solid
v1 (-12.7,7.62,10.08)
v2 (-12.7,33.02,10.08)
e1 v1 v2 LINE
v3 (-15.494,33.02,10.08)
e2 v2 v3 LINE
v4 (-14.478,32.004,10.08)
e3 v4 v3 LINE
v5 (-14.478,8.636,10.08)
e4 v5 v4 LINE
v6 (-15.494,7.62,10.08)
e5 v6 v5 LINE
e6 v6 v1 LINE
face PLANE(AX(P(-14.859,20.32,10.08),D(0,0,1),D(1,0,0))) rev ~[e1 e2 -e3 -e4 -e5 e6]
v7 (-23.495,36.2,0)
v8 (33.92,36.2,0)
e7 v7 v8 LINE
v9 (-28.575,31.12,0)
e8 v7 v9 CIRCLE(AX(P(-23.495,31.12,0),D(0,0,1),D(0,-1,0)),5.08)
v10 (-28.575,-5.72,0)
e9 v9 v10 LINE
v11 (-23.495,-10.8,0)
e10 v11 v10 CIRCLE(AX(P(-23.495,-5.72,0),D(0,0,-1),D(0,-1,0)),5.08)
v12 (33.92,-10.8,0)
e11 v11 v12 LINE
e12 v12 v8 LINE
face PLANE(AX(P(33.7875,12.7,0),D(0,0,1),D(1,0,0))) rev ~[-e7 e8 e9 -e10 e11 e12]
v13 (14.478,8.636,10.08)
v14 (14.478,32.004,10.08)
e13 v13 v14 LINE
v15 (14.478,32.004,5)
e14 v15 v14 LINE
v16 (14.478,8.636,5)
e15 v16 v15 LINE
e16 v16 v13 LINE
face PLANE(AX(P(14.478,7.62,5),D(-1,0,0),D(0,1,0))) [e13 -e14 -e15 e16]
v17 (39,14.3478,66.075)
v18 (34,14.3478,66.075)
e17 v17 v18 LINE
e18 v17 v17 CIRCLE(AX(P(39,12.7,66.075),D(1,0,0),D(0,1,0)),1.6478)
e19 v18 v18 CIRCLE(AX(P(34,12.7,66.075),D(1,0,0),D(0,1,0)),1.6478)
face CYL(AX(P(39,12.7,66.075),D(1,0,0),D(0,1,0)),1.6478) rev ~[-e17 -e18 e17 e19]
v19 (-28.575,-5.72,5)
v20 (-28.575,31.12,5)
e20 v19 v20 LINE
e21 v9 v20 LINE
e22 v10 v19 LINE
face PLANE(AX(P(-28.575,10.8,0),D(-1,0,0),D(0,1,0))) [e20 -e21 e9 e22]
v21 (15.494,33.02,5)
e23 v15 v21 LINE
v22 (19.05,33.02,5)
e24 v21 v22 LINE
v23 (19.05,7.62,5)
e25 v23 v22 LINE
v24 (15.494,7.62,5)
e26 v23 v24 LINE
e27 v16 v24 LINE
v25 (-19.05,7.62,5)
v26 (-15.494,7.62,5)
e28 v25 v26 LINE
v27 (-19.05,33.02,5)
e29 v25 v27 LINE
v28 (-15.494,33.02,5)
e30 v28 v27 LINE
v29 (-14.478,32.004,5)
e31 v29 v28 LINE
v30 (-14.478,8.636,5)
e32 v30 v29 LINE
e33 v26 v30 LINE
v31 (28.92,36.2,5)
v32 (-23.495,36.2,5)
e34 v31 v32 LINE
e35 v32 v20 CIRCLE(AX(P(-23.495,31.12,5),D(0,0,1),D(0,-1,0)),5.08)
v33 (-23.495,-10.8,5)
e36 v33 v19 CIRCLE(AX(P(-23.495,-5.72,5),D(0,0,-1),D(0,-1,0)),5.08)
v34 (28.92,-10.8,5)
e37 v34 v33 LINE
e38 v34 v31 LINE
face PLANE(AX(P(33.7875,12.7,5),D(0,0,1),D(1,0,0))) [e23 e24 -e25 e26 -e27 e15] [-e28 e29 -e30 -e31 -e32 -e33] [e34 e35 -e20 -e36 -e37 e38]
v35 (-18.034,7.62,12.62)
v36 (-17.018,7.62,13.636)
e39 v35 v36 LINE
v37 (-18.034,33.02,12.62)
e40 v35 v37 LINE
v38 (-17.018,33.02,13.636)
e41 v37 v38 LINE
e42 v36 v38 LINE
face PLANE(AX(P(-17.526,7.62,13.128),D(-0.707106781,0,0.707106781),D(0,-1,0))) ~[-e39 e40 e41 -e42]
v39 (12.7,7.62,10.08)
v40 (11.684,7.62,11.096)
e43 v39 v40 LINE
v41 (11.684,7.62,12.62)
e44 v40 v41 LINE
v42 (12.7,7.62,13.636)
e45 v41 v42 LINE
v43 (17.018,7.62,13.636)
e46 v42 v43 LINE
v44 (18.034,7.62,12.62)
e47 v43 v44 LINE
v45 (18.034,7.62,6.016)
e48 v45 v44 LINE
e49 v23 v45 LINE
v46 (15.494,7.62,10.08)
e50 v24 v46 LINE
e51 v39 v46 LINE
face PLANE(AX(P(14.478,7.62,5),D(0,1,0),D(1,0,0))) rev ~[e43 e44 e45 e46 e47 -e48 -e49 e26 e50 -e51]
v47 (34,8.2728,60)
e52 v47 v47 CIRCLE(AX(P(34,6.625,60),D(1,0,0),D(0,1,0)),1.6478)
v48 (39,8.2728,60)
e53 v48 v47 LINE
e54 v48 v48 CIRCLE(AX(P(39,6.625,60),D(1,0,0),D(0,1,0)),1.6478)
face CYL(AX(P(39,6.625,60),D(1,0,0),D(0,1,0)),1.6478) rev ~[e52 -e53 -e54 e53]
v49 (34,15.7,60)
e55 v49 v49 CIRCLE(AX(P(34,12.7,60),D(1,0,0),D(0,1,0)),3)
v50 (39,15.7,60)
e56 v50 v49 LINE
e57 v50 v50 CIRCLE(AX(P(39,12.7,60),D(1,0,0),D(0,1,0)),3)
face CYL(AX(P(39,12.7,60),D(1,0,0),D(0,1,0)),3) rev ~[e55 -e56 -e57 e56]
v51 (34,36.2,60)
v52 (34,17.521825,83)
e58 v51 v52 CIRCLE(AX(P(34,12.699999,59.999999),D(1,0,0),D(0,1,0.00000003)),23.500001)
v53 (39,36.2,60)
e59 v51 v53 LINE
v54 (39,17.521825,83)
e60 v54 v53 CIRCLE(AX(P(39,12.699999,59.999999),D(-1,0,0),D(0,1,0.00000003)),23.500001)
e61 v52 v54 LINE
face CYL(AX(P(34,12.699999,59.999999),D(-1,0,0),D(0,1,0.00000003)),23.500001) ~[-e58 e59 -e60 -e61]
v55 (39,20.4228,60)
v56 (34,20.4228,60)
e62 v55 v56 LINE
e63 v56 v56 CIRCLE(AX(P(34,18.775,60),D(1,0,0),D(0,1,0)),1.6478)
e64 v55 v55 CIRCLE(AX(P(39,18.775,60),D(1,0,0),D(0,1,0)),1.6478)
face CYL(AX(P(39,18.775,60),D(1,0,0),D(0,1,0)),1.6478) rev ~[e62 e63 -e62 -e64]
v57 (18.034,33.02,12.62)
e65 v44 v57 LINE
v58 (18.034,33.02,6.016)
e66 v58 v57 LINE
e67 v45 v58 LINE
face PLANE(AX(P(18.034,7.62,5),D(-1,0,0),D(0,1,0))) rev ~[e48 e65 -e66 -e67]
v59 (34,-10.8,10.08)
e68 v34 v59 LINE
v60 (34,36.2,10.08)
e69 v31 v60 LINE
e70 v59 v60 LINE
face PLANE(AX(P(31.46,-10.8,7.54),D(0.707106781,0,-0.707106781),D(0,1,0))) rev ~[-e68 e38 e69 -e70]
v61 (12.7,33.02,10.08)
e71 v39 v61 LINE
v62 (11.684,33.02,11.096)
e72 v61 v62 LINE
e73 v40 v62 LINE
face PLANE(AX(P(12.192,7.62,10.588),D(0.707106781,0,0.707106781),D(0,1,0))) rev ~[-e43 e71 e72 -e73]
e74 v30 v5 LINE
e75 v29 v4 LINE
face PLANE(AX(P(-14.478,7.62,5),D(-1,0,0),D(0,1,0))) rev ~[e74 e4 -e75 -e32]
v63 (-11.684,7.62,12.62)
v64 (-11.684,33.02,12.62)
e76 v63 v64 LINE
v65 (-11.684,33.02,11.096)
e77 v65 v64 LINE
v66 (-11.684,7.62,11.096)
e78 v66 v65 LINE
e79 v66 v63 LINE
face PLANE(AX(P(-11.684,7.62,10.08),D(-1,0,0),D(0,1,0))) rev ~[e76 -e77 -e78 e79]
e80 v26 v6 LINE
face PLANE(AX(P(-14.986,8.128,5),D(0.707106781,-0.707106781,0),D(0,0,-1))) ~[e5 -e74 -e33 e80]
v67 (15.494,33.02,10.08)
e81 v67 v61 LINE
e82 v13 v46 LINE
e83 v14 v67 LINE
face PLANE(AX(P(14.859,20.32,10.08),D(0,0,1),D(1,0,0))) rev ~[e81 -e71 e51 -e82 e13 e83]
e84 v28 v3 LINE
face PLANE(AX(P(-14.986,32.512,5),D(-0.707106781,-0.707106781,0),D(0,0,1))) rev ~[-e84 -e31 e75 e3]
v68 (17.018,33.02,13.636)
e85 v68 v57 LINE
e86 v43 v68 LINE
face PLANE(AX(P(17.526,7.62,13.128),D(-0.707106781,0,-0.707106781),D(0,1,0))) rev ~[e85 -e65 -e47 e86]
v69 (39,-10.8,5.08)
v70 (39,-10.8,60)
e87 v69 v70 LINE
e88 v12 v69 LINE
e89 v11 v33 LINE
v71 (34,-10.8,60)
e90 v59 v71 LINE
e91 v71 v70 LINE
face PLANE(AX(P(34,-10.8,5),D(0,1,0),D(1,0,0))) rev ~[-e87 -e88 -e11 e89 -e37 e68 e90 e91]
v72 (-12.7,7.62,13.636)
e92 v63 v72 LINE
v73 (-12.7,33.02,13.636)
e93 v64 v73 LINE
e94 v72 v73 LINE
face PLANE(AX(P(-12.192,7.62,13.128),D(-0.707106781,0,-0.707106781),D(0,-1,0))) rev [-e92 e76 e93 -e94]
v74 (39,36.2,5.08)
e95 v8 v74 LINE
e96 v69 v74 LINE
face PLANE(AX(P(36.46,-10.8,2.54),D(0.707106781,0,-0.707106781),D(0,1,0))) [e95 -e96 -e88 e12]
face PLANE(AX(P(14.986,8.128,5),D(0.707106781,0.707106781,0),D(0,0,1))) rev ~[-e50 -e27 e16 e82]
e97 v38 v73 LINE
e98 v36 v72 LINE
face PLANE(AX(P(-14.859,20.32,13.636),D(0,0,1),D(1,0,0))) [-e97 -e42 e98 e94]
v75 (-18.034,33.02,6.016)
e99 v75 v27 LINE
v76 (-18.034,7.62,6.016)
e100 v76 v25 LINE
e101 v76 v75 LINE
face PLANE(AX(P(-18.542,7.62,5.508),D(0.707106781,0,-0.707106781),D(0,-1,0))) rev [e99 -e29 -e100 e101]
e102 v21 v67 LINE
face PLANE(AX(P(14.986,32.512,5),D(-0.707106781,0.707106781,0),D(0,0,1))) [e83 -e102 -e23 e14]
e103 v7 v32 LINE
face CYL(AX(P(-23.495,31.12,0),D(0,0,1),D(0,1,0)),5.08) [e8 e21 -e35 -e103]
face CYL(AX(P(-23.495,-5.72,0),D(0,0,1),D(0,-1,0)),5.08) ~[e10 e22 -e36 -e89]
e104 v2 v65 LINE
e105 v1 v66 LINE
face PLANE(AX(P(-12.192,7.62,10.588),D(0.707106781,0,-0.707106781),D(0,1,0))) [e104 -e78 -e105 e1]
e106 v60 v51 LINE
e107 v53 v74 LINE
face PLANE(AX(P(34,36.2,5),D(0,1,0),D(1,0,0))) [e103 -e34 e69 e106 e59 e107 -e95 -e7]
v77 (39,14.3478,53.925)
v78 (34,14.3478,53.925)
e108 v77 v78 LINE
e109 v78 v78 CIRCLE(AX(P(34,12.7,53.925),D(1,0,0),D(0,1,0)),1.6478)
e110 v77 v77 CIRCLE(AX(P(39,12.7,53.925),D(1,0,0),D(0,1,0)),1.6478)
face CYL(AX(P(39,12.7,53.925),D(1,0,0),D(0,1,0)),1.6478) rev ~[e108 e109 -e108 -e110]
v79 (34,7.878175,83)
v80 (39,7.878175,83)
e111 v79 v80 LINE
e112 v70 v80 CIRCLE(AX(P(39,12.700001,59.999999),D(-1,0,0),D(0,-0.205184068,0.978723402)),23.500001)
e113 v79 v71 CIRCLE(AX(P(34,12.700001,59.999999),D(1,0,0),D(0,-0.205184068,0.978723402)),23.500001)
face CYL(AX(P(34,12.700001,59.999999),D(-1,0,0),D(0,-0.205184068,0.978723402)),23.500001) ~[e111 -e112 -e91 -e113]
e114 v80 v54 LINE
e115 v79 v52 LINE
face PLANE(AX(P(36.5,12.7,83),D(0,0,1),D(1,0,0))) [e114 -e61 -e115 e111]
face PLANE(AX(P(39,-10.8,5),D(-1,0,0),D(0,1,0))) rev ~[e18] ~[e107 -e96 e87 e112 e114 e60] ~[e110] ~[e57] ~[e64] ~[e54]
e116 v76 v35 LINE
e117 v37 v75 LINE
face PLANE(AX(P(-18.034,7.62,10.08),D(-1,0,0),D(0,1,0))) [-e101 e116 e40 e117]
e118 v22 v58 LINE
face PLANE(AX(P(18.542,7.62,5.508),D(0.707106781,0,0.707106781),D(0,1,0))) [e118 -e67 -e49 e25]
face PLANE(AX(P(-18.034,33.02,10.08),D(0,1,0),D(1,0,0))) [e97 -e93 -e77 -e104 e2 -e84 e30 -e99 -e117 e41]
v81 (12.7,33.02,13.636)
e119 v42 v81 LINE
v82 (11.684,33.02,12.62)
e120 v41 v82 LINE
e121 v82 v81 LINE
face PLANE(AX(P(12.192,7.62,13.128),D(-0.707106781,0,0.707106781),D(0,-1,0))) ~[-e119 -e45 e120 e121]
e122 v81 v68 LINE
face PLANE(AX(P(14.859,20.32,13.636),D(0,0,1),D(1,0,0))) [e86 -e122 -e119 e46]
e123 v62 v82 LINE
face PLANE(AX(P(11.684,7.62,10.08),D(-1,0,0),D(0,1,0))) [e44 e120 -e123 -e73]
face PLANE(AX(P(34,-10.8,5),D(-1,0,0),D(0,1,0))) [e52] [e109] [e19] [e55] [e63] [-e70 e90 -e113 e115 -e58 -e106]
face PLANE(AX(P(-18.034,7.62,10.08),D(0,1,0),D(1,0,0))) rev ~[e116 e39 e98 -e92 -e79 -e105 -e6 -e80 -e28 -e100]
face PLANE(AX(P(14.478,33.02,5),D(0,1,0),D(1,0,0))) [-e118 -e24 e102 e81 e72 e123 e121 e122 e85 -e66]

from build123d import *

# Parameters (mm, degrees)
F0_W      = 57.15
F0_H      = 21.6
F1_DEPTH  = 5
F2_W      = 57.15
F2_H      = 25.4
F3_DEPTH  = 5
F4_W      = 3.556
F4_H      = 25.4
F5_DEPTH  = 5.08
F6_W      = 6.35
F6_H      = 25.4
F7_DEPTH  = 3.556
F8_SIZE   = 1.016
F9_W      = 10.425
F9_H      = 47
F10_DEPTH = 5
F11_W     = 5
F11_H     = 47
F12_DEPTH = 78
F13_R     = 1.6478
F13_R_2   = 3
F14_DEPTH = 25.4
F16_DEPTH = 25.4
F17_R     = 5.08
F18_SIZE  = 5.08


with BuildPart() as f1:
    # F0 (on Top) → F1 (new body)
    with BuildSketch(Plane.XY):
        Rectangle(F0_W, F0_H)
    extrude(amount=F1_DEPTH)

    # F2 (on Top) → F3 (join)
    with BuildSketch(Plane.XY):
        with Locations((0, 23.5)):
            Rectangle(F2_W, F2_H)
    extrude(amount=F3_DEPTH)

    # F4 (on face) → F5 (join)
    with BuildSketch(Plane.XY.offset(5)):
        with Locations((-16.256, 20.32)):
            Rectangle(F4_W, F4_H)
        with Locations((16.256, 20.32)):
            Rectangle(F4_W, F4_H)
    extrude(amount=F5_DEPTH)

    # F6 (on face) → F7 (join)
    with BuildSketch(Plane.XY.offset(10.08)):
        with Locations((-14.859, 20.32)):
            Rectangle(F6_W, F6_H)
        with Locations((14.859, 20.32)):
            Rectangle(F6_W, F6_H)
    extrude(amount=F7_DEPTH)

    # F8
    f8_edges = [f1.edges().sort_by_distance(p)[0] for p in [
        (-11.684, 20.32, 13.636),
        (-11.684, 20.32, 10.08),
        (11.684, 20.32, 13.636),
        (11.684, 20.32, 10.08),
        (18.034, 20.32, 13.636),
        (-18.034, 20.32, 13.636),
        (18.034, 20.32, 5),
        (-18.034, 20.32, 5),
        (14.478, 33.02, 7.54),
        (-14.478, 33.02, 7.54),
        (-14.478, 7.62, 7.54),
        (14.478, 7.62, 7.54),
    ]]
    chamfer(f8_edges, length=F8_SIZE)

    # F9 (on face) → F10 (join)
    with BuildSketch(Plane.XY.offset(5)):
        with Locations((33.7875, 12.7)):
            Rectangle(F9_W, F9_H)
    extrude(amount=-F10_DEPTH)

    # F11 (on face) → F12 (join)
    with BuildSketch(Plane.XY.offset(5)):
        with Locations((36.5, 12.7)):
            Rectangle(F11_W, F11_H)
    extrude(amount=F12_DEPTH)

    # F13 (on face) → F14 (cut)
    with BuildSketch(Plane.YZ.offset(39)):
        with Locations((6.625, 60)):
            Circle(F13_R)
        with Locations((12.7, 53.925)):
            Circle(F13_R)
        with Locations((18.775, 60)):
            Circle(F13_R)
        with Locations((12.7, 66.075)):
            Circle(F13_R)
        with Locations((12.7, 60)):
            Circle(F13_R_2)
    extrude(amount=-F14_DEPTH, mode=Mode.SUBTRACT)

    # F15 (on face) → F16 (cut)
    with BuildSketch(Plane(origin=(34, 0, 0), x_dir=(0, -1, 0), z_dir=(-1, 0, 0))):
        with BuildLine():
            ThreePointArc((-36.2, 60), (-30.942298, 74.814471), (-17.521825, 83))
            Line((-17.521825, 83), (-36.2, 83))
            Line((-36.2, 83), (-36.2, 60))
        make_face()
        with BuildLine():
            Line((-17.521825, 83), (-7.878175, 83))
            ThreePointArc((-7.878175, 83), (-12.7, 83.5), (-17.521825, 83))
        make_face()
        with BuildLine():
            ThreePointArc((-7.878175, 83), (5.542298, 74.814471), (10.8, 60))
            Line((10.8, 60), (10.8, 83))
            Line((10.8, 83), (-7.878175, 83))
        make_face()
    extrude(amount=-F16_DEPTH, mode=Mode.SUBTRACT)

    # F17
    f17_edges = [f1.edges().sort_by_distance(p)[0] for p in [
        (-28.575, -10.8, 2.5),
        (-28.575, 36.2, 2.5),
    ]]
    fillet(f17_edges, radius=F17_R)

    # F18
    f18_edges = [f1.edges().sort_by_distance(p)[0] for p in [
        (34, 12.7, 5),
        (39, 12.7, 0),
    ]]
    chamfer(f18_edges, length=F18_SIZE)


solid = f1.part
